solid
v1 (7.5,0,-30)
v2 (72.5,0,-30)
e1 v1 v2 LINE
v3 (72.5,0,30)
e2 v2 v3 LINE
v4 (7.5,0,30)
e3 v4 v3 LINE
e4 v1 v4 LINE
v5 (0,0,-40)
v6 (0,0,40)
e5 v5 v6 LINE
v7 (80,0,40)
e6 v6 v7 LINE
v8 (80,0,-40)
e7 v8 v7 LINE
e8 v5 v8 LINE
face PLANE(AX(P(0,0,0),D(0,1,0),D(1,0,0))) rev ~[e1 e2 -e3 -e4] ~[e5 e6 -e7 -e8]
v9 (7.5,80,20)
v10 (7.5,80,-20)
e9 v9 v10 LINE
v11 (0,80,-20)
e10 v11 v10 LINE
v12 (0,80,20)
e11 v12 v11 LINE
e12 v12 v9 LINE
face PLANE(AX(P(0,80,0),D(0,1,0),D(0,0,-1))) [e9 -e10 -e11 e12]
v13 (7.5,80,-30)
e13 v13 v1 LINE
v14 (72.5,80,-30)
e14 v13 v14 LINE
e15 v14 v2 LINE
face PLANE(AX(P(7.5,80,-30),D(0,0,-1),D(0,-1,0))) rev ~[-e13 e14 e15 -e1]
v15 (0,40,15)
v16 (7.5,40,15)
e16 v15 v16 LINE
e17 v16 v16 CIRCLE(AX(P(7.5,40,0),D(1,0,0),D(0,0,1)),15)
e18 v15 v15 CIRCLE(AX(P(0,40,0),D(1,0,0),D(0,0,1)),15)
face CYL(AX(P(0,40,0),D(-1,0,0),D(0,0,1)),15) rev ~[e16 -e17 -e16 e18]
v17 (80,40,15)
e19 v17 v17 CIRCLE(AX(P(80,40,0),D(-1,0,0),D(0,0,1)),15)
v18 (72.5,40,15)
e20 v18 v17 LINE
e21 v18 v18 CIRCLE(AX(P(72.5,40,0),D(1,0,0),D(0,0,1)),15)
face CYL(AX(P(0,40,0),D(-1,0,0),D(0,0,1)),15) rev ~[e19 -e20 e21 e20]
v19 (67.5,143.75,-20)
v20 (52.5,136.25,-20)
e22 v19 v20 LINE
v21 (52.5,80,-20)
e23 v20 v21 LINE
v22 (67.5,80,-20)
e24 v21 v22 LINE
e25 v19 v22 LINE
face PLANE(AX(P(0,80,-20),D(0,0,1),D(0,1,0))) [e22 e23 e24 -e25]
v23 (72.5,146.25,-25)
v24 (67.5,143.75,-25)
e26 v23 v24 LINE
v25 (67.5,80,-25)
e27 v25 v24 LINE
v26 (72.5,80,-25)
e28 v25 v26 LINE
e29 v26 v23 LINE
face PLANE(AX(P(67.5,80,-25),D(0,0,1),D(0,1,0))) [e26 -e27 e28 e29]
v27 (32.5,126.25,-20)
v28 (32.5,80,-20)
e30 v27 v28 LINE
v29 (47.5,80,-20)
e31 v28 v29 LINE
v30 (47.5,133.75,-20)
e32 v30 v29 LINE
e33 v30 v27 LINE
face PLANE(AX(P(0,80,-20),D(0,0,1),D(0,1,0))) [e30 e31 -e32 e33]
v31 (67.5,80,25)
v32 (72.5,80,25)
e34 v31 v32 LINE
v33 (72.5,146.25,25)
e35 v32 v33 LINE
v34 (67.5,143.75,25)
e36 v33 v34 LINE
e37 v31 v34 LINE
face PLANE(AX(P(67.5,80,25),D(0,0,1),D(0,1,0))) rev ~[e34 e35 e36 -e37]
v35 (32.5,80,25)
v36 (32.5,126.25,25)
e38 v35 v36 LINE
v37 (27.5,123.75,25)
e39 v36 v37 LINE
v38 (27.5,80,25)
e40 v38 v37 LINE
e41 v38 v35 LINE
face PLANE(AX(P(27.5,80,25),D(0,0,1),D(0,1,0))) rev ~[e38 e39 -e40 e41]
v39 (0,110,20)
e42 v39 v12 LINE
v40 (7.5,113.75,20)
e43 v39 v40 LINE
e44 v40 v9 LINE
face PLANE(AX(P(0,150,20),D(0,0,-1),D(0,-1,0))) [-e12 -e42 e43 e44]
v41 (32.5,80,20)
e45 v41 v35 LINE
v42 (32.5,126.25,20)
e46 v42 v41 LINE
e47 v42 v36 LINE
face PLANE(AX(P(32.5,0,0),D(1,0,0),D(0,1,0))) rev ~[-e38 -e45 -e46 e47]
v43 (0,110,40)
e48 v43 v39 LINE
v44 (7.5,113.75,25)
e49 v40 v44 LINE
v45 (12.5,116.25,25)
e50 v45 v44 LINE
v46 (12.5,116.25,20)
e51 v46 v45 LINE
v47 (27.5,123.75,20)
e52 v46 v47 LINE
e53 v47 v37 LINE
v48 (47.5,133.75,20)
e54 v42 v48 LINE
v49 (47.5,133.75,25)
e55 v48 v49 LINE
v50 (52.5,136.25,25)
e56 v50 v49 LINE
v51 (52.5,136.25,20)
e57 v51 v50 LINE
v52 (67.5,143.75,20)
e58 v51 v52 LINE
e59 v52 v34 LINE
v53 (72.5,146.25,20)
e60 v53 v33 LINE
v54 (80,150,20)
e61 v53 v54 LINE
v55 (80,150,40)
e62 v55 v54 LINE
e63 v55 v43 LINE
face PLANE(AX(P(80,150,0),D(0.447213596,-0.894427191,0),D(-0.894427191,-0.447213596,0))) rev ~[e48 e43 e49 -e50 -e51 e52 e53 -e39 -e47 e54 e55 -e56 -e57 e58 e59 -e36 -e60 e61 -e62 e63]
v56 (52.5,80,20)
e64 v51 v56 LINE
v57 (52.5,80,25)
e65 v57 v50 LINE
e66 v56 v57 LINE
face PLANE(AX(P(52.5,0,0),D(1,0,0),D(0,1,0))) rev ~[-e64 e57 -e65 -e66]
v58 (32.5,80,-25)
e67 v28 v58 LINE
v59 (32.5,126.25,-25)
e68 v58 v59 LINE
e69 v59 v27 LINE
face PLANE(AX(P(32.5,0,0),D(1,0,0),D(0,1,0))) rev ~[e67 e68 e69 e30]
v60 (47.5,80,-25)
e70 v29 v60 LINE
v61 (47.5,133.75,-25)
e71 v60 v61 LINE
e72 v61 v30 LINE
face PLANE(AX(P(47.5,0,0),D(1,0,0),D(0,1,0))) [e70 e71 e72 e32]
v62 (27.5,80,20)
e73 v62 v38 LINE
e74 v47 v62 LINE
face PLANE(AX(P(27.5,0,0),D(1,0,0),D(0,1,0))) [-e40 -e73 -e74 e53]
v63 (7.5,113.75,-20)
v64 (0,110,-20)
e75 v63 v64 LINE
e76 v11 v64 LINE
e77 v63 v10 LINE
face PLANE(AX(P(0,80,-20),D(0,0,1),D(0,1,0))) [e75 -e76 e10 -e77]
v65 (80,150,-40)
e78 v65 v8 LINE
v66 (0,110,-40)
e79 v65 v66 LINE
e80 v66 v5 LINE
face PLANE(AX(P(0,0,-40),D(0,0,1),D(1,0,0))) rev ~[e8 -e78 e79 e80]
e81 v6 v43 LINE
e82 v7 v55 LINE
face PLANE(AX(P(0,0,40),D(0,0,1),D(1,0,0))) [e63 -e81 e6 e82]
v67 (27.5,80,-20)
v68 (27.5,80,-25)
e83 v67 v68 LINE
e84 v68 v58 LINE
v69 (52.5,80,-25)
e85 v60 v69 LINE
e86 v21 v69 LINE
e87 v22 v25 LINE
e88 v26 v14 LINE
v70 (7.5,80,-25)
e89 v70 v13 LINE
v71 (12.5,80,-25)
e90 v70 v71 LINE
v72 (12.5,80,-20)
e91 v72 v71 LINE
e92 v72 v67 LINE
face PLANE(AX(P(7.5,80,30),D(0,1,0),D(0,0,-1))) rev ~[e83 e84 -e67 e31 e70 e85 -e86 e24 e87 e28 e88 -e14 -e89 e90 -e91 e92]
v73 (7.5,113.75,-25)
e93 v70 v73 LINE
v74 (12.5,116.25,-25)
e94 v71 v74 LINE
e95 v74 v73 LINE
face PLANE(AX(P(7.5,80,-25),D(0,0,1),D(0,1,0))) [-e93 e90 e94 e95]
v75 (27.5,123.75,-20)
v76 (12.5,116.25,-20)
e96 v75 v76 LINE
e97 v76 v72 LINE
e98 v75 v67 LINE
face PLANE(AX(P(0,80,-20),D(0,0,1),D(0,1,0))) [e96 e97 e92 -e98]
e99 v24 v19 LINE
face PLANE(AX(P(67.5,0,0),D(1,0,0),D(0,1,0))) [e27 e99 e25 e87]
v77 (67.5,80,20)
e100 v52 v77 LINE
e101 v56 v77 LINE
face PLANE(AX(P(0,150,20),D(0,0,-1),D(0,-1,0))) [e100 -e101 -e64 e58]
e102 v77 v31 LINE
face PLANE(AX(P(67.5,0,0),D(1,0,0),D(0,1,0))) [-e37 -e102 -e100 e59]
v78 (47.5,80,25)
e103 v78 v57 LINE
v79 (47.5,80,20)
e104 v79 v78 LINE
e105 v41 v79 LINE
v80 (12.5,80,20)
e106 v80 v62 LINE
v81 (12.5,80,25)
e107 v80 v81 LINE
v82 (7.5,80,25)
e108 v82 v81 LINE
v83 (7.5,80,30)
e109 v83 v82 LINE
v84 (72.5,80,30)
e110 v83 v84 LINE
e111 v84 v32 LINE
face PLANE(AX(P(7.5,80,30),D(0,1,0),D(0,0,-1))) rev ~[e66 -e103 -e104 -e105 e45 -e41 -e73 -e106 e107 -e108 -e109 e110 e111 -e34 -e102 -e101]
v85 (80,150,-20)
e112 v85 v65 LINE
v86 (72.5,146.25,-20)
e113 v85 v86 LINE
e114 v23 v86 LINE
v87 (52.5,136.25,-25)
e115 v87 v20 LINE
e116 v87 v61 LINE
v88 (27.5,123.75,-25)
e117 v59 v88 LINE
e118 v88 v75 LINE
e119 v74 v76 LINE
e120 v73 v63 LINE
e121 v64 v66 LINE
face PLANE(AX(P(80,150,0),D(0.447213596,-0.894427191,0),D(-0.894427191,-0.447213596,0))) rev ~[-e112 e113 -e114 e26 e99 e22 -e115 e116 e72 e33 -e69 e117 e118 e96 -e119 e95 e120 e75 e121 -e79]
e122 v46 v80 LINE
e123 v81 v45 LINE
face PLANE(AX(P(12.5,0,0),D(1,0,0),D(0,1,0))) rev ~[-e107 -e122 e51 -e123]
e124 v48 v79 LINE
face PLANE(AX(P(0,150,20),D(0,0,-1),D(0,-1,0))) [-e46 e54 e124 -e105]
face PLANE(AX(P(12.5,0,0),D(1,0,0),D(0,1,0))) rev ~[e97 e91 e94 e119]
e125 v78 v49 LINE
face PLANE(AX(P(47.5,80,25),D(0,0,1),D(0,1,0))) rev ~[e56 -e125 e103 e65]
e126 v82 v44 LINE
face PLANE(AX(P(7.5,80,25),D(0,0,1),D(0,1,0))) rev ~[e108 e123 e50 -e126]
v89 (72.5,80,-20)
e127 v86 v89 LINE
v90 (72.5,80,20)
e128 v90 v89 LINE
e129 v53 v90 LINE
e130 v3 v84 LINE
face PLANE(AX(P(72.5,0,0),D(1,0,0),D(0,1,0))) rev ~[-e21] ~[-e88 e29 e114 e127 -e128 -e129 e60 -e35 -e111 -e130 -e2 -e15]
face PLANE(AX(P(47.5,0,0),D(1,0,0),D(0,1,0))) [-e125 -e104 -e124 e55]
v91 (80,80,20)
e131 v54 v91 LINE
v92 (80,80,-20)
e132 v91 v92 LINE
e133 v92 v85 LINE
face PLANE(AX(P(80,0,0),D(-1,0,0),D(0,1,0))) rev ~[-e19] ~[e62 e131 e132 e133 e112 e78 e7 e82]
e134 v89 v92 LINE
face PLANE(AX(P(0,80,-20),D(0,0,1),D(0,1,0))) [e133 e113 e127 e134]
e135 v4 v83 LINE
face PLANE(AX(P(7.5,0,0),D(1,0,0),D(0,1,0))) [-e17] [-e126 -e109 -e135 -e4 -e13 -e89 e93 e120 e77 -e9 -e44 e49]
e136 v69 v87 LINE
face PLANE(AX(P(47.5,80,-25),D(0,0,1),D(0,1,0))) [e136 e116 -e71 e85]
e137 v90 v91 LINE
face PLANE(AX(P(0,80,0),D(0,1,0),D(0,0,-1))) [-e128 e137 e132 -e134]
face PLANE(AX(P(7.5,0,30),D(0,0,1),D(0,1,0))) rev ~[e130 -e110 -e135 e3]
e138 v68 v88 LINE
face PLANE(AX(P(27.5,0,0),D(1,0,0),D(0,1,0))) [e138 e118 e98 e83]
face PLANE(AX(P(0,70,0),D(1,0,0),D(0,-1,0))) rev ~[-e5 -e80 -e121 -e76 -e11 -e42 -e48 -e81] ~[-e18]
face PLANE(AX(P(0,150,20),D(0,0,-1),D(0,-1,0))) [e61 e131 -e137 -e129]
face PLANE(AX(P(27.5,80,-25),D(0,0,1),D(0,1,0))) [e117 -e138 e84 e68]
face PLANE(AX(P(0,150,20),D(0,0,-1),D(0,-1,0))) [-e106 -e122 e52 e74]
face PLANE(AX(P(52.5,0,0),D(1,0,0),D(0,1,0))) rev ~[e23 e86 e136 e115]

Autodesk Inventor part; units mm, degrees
ref_plane "XZ Plane" through (0, 0, 0) normal (0, 1, 0) x (-1, 0, 0)
ref_plane "XY Plane" through (0, 0, 0) normal (0, 0, 1) x (1, 0, 0)
sketch "草圖1" plane through (0, 0, 0) normal (0, 0, 1) x (1, 0, 0)
  line L0 (0, 0) -> (80, 0)
  line L1 (80, 0) -> (80, 150)
  line L2 (0, 110) -> (0, 0)
  line L3 (80, 150) -> (0, 110)
  line L4 (0, 70) -> (80, 70)
  dimension "d3" = 70
  dimension "d4" = 40
  dimension "d5" = 80
  dimension "d73" = 80
extrude "擠出1" add sketch "草圖1" along normal mid plane 80
sketch "草圖5" plane through (0, 0, 40) normal (-1, 0, 0) x (0, 0, 1)
  circle A0 centre (-40, 40) radius 15
  line L0 (-80, 0) -> (0, 0) projected
  line L1 (-40, -30) -> (-40, 180) projected
  point P0 (-40, 0)
  dimension "d24" = 40
  dimension "d25" = 30
extrude "擠出5" cut sketch "草圖5" against normal through all
sketch "草圖11" plane through (0, 0, 0) normal (1, 0, 0) x (0, 1, 0)
  line L0 (150, -40) -> (150, 40) projected
  line L1 (80, -20) -> (150, -20)
  line L2 (150, -20) -> (150, 20)
  line L3 (150, 20) -> (80, 20)
  line L4 (80, 20) -> (80, -20)
  line L5 (80, -20) -> (150, 20) construction
  line L6 (150, -20) -> (80, 20) construction
  line L7 (-28, 0) -> (168, 0) projected
  line L8 (0, -40) -> (0, 40) projected
  point P0 (0, 0)
  point P1 (115, 0)
  point P2 (115, 0)
  dimension "d55" = 40
  dimension "d56" = 80
extrude "擠出11" cut sketch "草圖11" along normal through all
ref_plane "工作平面5" through (7.5, 0, 0) normal (1, 0, 0) x (0, 1, 0)
sketch "草圖12" plane through (7.5, 0, 0) normal (1, 0, 0) x (0, 1, 0)
  line L0 (0, -40) -> (0, 40) projected
  line L1 (80, -30) -> (0, -30)
  line L2 (0, -30) -> (0, 30)
  line L3 (0, 30) -> (80, 30)
  line L4 (80, 30) -> (80, -30)
  circle A0 centre (40, 0) radius 15 projected
  line L5 (80, -30) -> (0, 30) construction
  line L6 (0, -30) -> (80, 30) construction
  point P0 (0, 0)
  dimension "d60" = 60
extrude "擠出12" cut sketch "草圖12" along normal blind 65
sketch "草圖13" plane through (7.5, 0, 0) normal (1, 0, 0) x (0, 1, 0)
  line L0 (150, -40) -> (150, -20) projected
  line L1 (150, -20) -> (80, -20)
  line L2 (80, -20) -> (80, -25)
  line L3 (80, -25) -> (150, -25)
  line L4 (150, -25) -> (150, -20)
  line L5 (0, 0) -> (140, 0) construction
  line L6 (150, 40) -> (150, 20)
  line L7 (150, 20) -> (80, 20)
  line L8 (80, 25) -> (150, 25)
  line L9 (150, 25) -> (150, 20)
  line L10 (80, 20) -> (80, -20) projected
  line L11 (80, -20) -> (80, 20) projected
  line L12 (80, 20) -> (80, 25)
  dimension "d72" = 5
extrude "擠出13" cut sketch "草圖13" along normal blind 5
pattern_linear "矩形陣列3" count 4 spacing 20 along (1, 0, 0) of "擠出13"
properties part number "架"
